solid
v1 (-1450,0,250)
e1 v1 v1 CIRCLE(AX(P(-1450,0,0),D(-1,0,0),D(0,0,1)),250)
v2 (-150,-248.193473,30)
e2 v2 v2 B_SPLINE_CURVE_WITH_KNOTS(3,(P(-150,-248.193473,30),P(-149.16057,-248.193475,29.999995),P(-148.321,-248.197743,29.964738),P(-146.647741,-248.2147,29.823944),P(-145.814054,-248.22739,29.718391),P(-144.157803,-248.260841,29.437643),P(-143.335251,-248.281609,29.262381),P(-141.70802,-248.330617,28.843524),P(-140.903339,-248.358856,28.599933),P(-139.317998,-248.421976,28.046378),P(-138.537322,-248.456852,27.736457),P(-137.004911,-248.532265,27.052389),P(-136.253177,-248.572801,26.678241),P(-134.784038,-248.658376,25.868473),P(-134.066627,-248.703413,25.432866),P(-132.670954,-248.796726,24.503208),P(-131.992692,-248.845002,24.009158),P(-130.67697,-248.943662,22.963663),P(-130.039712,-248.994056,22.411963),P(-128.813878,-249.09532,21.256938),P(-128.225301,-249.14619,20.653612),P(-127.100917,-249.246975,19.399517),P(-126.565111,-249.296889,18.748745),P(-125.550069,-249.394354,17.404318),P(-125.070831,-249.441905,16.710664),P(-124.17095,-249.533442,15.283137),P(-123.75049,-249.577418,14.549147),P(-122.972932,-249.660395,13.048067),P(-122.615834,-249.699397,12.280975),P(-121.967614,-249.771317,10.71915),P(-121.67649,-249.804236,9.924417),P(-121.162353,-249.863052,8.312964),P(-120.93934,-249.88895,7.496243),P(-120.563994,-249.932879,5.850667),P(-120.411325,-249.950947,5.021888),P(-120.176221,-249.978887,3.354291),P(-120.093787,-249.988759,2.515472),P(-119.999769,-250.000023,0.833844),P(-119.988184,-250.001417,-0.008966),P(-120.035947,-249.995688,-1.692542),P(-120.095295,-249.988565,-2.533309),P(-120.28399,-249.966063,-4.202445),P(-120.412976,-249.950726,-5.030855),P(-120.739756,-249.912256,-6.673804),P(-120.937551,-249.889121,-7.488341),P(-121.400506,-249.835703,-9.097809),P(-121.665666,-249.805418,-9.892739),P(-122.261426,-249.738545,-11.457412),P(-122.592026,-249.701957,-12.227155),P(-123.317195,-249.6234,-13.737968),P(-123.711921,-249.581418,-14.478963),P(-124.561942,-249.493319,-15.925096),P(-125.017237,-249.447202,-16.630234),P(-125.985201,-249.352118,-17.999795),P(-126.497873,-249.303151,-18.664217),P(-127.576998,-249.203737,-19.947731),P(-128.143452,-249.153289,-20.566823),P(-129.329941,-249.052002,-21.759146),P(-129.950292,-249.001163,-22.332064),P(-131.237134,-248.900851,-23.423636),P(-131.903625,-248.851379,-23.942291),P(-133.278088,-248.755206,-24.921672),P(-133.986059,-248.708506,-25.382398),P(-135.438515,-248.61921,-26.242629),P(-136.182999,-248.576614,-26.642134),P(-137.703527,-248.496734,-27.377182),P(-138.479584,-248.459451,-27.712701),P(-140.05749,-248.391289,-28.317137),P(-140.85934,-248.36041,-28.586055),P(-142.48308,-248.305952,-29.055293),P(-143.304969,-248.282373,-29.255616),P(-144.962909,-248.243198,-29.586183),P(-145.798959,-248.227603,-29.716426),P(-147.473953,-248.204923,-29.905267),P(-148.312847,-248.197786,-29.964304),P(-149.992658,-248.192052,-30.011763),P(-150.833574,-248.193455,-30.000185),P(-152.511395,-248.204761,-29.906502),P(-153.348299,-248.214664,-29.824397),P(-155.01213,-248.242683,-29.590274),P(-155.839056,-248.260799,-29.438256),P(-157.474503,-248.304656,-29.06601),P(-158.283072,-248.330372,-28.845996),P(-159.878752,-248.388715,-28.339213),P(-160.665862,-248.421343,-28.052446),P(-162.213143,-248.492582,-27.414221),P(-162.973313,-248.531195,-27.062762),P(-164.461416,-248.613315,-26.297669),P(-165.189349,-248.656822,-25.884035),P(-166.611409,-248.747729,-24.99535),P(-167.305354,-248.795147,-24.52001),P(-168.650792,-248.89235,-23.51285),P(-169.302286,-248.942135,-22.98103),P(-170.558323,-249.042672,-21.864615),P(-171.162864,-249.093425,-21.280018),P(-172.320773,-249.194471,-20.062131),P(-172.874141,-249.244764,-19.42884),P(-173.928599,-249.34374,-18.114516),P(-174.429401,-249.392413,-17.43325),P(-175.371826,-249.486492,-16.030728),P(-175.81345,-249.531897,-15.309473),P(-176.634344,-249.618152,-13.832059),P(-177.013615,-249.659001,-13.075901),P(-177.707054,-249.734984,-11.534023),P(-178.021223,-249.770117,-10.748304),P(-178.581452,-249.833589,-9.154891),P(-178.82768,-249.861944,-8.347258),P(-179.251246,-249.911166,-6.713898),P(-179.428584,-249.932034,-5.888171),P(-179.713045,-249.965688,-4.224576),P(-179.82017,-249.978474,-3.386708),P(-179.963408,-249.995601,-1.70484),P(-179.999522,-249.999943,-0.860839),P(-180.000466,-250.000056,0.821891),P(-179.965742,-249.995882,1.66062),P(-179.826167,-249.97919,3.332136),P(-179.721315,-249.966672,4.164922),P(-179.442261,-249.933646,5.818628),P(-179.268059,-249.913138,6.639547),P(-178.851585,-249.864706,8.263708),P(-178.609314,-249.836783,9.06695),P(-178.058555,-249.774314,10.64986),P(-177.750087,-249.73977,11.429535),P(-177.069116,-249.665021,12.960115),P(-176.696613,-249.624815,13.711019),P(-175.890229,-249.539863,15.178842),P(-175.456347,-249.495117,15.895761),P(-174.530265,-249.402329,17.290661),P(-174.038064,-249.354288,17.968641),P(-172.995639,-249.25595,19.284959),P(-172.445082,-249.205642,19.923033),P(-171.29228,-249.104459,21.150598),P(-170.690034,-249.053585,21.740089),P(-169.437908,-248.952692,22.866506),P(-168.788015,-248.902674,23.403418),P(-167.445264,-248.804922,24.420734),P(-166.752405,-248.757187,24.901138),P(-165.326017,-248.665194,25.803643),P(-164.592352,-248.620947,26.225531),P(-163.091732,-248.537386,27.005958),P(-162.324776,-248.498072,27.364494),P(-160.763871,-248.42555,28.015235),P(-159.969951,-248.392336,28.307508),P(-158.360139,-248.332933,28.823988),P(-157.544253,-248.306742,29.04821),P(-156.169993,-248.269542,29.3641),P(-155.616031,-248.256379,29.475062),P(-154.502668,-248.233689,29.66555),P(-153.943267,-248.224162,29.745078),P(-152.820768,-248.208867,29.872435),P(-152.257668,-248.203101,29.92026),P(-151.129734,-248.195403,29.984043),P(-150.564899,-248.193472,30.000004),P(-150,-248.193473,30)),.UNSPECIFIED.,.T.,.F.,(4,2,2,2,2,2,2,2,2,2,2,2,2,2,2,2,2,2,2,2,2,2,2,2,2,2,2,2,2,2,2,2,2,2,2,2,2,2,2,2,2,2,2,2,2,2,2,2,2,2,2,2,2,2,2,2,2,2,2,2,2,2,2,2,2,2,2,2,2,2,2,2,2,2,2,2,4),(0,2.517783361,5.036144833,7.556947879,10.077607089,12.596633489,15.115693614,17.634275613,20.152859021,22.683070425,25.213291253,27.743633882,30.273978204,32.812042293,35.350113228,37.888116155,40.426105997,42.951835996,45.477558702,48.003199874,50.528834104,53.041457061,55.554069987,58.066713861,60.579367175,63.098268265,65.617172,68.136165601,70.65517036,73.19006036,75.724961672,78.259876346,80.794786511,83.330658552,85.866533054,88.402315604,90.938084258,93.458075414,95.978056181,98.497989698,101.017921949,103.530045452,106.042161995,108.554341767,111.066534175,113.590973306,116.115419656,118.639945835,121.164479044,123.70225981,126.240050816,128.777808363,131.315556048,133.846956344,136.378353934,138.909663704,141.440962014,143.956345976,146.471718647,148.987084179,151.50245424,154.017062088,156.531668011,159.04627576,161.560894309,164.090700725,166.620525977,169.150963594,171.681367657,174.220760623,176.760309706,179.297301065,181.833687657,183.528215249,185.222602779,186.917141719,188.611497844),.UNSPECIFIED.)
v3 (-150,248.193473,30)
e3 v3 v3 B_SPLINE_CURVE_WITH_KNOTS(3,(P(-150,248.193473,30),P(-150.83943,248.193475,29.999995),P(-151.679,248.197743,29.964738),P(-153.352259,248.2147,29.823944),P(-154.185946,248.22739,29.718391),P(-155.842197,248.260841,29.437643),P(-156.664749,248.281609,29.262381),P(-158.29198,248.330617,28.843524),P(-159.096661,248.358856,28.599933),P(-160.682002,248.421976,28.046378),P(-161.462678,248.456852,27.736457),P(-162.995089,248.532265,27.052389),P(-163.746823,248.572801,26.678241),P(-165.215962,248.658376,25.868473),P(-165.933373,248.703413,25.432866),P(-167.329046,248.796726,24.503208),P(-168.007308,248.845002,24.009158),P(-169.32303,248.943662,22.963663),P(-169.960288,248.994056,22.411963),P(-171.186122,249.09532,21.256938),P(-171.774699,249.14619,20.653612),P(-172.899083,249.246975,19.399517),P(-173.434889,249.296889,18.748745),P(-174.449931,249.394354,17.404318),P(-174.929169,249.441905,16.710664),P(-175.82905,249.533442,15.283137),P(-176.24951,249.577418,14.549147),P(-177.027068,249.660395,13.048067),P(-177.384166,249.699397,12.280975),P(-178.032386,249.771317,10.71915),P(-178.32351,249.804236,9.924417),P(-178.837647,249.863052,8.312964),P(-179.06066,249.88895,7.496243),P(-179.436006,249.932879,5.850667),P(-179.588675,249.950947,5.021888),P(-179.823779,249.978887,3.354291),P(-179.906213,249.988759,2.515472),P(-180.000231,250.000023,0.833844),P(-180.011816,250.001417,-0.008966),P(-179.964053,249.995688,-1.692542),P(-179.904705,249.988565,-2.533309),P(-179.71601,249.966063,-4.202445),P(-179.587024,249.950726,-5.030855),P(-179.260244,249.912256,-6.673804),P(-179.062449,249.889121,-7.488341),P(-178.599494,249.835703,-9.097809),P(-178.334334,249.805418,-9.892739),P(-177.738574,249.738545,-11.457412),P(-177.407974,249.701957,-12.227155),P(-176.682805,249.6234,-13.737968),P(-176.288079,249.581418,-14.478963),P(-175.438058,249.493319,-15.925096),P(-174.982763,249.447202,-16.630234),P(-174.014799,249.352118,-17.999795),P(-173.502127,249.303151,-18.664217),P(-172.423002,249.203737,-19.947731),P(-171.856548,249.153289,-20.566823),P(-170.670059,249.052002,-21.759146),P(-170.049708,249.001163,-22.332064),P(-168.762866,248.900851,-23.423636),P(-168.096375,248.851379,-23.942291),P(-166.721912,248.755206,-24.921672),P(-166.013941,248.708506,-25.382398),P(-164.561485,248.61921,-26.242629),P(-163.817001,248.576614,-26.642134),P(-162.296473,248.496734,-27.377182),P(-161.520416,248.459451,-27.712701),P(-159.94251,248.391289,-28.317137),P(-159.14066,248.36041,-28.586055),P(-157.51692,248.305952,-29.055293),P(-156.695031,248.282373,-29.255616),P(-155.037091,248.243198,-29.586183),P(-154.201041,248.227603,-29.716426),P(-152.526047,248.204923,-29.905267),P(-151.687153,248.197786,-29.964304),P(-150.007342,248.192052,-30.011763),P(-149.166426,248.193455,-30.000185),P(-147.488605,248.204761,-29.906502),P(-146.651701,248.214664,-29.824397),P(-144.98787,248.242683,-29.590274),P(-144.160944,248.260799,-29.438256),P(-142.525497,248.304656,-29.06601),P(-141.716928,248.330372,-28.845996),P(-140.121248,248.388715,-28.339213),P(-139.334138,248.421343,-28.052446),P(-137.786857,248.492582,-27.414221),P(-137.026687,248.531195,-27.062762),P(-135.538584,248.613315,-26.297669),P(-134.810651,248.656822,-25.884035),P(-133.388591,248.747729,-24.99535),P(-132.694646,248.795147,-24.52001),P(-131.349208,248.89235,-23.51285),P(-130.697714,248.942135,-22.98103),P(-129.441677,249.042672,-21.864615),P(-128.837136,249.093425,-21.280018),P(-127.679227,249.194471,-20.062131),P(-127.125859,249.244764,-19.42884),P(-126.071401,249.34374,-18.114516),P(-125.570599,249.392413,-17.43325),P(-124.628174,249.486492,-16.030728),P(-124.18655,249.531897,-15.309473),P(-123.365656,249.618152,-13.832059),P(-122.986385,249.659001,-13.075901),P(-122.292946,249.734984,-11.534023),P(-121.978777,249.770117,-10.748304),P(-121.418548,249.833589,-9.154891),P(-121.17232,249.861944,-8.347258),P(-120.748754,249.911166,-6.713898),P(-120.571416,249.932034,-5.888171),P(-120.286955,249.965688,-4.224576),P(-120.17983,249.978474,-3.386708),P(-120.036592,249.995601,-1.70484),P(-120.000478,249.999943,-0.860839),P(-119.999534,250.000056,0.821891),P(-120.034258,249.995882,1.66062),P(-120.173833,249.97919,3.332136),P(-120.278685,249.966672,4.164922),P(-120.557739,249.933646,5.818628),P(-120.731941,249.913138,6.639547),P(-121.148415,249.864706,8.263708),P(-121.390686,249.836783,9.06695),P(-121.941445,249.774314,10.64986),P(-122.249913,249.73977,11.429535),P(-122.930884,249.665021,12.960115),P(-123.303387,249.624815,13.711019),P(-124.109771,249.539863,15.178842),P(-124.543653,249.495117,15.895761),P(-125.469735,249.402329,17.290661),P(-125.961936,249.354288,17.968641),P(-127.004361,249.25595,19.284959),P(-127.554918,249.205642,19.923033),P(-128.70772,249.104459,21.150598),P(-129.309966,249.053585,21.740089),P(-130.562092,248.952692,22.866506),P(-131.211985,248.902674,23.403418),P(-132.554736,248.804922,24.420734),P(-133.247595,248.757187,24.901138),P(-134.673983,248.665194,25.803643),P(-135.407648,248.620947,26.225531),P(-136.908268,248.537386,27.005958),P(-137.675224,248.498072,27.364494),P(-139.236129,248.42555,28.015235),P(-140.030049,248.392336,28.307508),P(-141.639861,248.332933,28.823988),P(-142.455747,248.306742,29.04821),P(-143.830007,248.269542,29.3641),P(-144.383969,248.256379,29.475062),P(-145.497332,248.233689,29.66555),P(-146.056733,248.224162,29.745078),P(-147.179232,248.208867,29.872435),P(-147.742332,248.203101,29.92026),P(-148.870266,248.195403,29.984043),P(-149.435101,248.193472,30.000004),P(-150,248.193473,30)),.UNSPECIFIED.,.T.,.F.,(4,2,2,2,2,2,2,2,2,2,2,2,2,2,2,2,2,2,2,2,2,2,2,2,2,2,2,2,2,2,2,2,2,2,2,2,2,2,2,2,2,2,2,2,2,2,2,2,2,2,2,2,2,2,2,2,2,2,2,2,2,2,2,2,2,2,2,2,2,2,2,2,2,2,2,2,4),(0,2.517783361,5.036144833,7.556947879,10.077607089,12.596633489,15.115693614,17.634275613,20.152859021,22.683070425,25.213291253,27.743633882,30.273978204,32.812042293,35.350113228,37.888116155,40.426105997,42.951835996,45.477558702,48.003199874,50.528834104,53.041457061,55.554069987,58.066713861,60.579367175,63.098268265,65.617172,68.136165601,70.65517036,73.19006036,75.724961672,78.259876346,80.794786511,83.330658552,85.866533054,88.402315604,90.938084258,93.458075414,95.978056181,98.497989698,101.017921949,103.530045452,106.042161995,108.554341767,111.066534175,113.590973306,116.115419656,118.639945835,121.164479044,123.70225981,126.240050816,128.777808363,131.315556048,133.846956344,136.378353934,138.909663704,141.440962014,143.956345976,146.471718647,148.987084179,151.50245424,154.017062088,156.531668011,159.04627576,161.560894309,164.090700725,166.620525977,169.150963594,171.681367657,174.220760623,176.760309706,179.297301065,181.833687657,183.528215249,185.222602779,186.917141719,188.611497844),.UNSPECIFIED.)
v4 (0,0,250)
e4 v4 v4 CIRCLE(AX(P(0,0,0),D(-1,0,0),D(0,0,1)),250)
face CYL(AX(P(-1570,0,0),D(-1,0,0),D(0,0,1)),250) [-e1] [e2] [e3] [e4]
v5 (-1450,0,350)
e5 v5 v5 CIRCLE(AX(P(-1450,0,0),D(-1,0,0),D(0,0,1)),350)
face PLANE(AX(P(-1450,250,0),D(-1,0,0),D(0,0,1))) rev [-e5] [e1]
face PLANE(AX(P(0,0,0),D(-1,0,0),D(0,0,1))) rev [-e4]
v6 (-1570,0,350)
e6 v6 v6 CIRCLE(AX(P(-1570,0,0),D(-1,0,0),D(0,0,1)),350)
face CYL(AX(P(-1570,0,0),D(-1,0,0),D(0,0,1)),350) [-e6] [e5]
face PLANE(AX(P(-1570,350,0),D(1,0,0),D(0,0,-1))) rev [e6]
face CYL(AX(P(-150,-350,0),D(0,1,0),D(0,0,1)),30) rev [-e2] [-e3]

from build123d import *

# Parameters (mm, degrees)
SKETCH3_R               = 30
CUT_EXTRUDE1_DEPTH      = 351
CUT_EXTRUDE1_DEPTH_BACK = 351


with BuildPart() as part:
    # Sketch2 → Revolve1 (revolve)
    with BuildSketch(Plane.XY):
        Polygon((0, 0), (0, 250), (-1450, 250), (-1450, 350), (-1570, 350), (-1570, 0), align=None)
    revolve(axis=Axis((-1570, 0, 0), (1, 0, 0)))

    # Sketch3 → Cut-Extrude1 (cut, two sides)
    with BuildSketch(Plane(origin=(0, 0, 0), x_dir=(1, 0, 0), z_dir=(0, 1, 0))) as cut_extrude1_sk:
        with Locations((-150, 0)):
            Circle(SKETCH3_R)
    extrude(amount=CUT_EXTRUDE1_DEPTH, mode=Mode.SUBTRACT)
    extrude(cut_extrude1_sk.sketch, amount=-CUT_EXTRUDE1_DEPTH_BACK, mode=Mode.SUBTRACT)


solid = part.part
